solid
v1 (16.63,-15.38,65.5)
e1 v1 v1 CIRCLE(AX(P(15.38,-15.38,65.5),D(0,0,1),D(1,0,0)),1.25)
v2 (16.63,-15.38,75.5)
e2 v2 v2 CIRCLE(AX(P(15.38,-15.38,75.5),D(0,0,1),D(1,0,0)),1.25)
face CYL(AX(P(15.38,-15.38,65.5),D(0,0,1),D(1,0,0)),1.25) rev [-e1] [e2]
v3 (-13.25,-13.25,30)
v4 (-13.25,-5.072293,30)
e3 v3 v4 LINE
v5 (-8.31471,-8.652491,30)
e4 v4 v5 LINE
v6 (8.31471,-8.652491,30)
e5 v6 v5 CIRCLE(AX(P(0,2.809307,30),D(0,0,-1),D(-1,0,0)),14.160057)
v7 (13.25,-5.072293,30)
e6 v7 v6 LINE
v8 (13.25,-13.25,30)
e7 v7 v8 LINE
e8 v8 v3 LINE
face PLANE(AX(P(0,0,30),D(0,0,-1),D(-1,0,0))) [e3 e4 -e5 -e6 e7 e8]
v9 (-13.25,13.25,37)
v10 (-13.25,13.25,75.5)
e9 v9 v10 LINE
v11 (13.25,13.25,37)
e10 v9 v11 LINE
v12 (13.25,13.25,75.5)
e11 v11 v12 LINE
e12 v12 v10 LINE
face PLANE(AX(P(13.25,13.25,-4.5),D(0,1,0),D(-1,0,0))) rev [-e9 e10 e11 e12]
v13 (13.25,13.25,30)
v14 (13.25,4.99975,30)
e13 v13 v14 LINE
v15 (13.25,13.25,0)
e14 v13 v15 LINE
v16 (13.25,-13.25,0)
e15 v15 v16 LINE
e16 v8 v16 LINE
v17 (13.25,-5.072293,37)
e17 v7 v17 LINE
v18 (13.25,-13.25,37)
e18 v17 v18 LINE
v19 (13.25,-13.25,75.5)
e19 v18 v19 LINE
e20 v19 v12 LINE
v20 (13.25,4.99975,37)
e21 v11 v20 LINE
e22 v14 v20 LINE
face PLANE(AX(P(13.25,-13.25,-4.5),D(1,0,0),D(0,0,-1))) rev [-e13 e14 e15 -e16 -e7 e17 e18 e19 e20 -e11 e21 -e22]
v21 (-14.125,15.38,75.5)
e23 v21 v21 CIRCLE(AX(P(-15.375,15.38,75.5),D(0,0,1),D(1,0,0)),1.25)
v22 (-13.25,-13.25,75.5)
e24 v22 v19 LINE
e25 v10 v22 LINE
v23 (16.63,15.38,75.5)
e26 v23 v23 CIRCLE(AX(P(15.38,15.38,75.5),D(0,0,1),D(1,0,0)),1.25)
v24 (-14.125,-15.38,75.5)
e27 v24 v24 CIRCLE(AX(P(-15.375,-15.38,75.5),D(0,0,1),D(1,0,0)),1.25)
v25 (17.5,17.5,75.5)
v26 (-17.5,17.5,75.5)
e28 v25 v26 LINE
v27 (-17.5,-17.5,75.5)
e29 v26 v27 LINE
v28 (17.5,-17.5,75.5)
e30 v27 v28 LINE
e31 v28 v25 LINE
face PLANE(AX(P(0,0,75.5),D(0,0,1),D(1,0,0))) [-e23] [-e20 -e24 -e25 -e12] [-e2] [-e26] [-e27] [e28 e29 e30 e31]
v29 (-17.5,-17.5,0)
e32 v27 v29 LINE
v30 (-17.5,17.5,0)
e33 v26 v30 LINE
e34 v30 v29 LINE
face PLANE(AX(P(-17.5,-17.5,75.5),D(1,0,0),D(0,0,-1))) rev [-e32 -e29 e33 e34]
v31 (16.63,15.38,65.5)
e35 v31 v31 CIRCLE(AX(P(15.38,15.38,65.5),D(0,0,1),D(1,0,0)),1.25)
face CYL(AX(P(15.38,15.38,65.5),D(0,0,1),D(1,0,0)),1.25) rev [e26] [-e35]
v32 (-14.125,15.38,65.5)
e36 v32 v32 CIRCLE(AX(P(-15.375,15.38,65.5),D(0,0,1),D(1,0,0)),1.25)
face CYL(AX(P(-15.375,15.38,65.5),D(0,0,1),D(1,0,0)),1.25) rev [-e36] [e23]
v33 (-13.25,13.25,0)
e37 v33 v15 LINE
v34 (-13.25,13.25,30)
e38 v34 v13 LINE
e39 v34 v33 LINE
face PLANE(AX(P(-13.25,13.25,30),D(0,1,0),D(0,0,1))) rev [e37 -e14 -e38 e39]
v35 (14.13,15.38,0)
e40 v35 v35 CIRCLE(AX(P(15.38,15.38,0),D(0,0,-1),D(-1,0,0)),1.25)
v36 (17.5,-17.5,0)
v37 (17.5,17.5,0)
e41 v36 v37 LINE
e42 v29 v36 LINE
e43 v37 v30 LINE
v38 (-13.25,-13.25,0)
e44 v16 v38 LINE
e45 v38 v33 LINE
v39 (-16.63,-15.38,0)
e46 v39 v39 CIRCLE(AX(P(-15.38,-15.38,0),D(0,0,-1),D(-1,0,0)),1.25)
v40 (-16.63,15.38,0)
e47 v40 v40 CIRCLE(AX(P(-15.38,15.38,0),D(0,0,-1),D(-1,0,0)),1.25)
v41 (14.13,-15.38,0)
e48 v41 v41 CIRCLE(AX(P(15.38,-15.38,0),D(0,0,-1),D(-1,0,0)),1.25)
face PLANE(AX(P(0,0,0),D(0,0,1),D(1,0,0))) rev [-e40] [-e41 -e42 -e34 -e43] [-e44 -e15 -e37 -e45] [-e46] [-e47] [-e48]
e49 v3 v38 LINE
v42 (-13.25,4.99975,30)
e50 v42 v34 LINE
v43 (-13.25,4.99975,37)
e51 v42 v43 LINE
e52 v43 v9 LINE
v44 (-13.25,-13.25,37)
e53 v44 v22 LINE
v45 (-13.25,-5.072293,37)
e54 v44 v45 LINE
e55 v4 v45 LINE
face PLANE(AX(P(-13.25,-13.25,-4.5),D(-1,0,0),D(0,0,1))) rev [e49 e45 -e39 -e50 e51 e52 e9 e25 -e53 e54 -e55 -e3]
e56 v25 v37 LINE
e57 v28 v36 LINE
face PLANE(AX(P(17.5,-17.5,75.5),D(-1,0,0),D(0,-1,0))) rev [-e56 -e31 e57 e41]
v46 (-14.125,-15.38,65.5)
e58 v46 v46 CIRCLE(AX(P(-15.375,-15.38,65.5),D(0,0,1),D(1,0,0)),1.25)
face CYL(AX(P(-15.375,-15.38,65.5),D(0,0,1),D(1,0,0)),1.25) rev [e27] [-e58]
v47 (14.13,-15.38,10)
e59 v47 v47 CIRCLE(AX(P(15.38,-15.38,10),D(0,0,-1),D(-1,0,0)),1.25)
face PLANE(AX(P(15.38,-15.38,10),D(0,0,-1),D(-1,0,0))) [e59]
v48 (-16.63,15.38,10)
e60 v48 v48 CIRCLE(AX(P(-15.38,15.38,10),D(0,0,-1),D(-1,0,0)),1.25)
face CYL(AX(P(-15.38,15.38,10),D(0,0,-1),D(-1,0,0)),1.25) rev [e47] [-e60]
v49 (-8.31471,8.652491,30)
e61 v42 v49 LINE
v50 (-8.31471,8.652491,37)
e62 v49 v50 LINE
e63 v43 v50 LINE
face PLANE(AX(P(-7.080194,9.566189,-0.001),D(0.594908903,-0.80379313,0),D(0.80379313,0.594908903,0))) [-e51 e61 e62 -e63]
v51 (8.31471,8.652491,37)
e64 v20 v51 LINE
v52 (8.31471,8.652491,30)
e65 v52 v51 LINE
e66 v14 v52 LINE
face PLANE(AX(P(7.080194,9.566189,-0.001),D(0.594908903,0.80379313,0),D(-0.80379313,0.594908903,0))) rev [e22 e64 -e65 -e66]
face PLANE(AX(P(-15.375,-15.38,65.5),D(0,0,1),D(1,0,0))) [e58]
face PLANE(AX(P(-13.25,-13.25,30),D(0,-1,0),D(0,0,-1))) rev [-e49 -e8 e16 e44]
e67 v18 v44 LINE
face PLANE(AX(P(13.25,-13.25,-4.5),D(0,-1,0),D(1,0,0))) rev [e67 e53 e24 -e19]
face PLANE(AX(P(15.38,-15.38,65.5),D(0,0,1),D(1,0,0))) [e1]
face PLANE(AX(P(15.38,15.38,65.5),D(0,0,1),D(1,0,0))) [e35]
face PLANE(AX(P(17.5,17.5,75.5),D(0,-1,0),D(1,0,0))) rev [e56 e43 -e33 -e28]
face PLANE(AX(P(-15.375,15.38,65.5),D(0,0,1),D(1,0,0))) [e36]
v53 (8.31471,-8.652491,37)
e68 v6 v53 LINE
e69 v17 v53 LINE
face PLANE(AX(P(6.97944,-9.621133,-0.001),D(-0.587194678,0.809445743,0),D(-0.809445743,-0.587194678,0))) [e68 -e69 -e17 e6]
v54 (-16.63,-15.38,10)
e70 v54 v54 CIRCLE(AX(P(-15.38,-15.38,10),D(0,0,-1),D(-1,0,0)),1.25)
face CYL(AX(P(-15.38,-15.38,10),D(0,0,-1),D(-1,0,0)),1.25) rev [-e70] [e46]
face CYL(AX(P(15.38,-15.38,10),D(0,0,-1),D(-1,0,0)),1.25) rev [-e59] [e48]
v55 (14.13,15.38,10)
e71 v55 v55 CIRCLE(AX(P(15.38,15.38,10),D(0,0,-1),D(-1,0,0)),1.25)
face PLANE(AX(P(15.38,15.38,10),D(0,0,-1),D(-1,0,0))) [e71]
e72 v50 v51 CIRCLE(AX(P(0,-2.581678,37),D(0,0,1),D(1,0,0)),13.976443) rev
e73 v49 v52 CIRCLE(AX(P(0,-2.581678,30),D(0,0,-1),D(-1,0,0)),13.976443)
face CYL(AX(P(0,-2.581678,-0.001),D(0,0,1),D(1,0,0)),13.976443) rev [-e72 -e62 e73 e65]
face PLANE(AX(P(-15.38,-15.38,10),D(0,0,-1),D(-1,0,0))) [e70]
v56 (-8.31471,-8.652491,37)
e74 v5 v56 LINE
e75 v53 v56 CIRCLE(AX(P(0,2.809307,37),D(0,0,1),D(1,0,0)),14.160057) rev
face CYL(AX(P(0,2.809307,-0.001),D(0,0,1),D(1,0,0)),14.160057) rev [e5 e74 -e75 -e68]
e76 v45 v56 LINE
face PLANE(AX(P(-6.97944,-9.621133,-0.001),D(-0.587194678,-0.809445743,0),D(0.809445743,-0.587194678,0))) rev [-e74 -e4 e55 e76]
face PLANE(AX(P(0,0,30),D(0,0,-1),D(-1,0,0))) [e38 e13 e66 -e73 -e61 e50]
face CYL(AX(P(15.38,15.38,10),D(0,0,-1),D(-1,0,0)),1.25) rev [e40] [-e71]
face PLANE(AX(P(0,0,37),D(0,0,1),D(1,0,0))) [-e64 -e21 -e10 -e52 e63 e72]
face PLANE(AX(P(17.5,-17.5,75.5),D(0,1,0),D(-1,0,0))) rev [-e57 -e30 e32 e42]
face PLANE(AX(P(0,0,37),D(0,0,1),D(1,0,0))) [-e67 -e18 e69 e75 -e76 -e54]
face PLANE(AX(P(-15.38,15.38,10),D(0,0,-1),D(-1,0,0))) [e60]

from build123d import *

# Parameters (mm, degrees)
CROQUIS1_W              = 35
CROQUIS1_H              = 35
SALIENTE_EXTRUIR2_DEPTH = 75.5
CROQUIS2_W              = 26.5
CROQUIS2_H              = 26.5
CORTAR_EXTRUIR1_DEPTH   = 80
CROQUIS4_R              = 1.25
CORTAR_EXTRUIR2_DEPTH   = 10
CORTAR_EXTRUIR5_START   = -10
CROQUIS9_R              = 1.25
CORTAR_EXTRUIR5_DEPTH   = 10
CROQUIS11_W             = 26.5
CROQUIS11_H             = 26.5
SALIENTE_EXTRUIR3_DEPTH = 37
CROQUIS13_W             = 26.5
CROQUIS13_H             = 26.5
CORTAR_EXTRUIR6_DEPTH   = 30
CORTAR_EXTRUIR7_REACH   = 47.768


with BuildPart() as part:
    # Croquis1 → Saliente-Extruir2 (new body)
    with BuildSketch(Plane.XY):
        Rectangle(CROQUIS1_W, CROQUIS1_H)
    extrude(amount=SALIENTE_EXTRUIR2_DEPTH)

    # Croquis2 → Cortar-Extruir1 (cut)
    with BuildSketch(Plane.XY.offset(75.5)):
        Rectangle(CROQUIS2_W, CROQUIS2_H)
    extrude(amount=-CORTAR_EXTRUIR1_DEPTH, mode=Mode.SUBTRACT)

    # Croquis4 → Cortar-Extruir2 (cut)
    with BuildSketch(Plane.XY.offset(75.5)):
        with Locations((-15.375, 15.38)):
            Circle(CROQUIS4_R)
        with Locations((15.38, 15.38)):
            Circle(CROQUIS4_R)
        with Locations((15.38, -15.38)):
            Circle(CROQUIS4_R)
        with Locations((-15.375, -15.38)):
            Circle(CROQUIS4_R)
    extrude(amount=-CORTAR_EXTRUIR2_DEPTH, mode=Mode.SUBTRACT)

    # Croquis9 → Cortar-Extruir5 (cut)
    with BuildSketch(Plane(origin=(0, 0, 0), x_dir=(-1, 0, 0), z_dir=(0, 0, -1)).offset(CORTAR_EXTRUIR5_START)):
        with Locations(Location((-15.38, 15.38, 0), (0, 0, 180))):
            Circle(CROQUIS9_R)
        with Locations((15.38, 15.38)):
            Circle(CROQUIS9_R)
        with Locations((15.38, -15.38)):
            Circle(CROQUIS9_R)
        with Locations(Location((-15.38, -15.38, 0), (0, 0, 180))):
            Circle(CROQUIS9_R)
    extrude(amount=CORTAR_EXTRUIR5_DEPTH, mode=Mode.SUBTRACT)

    # Croquis11 → Saliente-Extruir3 (add)
    with BuildSketch(Plane(origin=(0, 0, 0), x_dir=(-1, 0, 0), z_dir=(0, 0, -1))):
        Rectangle(CROQUIS11_W, CROQUIS11_H)
    extrude(amount=-SALIENTE_EXTRUIR3_DEPTH)

    # Croquis13 → Cortar-Extruir6 (cut)
    with BuildSketch(Plane(origin=(0, 0, 0), x_dir=(-1, 0, 0), z_dir=(0, 0, -1))):
        Rectangle(CROQUIS13_W, CROQUIS13_H)
    extrude(amount=-CORTAR_EXTRUIR6_DEPTH, mode=Mode.SUBTRACT)

    # Croquis14 → Cortar-Extruir7 (cut, up to next)
    with BuildSketch(Plane.XY.offset(37), mode=Mode.PRIVATE) as cortar_extruir7_sk1:
        with BuildLine():
            Line((13.25, -5.072292803), (13.25, 0))
            Line((13.25, 0), (-13.25, 0))
            Line((-13.25, 0), (-13.25, -5.072292803))
            Line((-13.25, -5.072292803), (-8.314710179, -8.652490661))
            ThreePointArc((-8.314710179, -8.652490661), (0, -11.350749828), (8.314710179, -8.652490661))
            Line((8.314710179, -8.652490661), (13.25, -5.072292803))
        make_face()
    cortar_extruir7_tool1 = extrude(cortar_extruir7_sk1.sketch, amount=-CORTAR_EXTRUIR7_REACH, mode=Mode.PRIVATE) & part.part
    # Croquis14 → Cortar-Extruir7 (cut, up to next)
    with BuildSketch(Plane.XY.offset(37), mode=Mode.PRIVATE) as cortar_extruir7_sk2:
        with BuildLine():
            Line((-13.25, 0), (13.25, 0))
            Line((13.25, 0), (13.25, 4.999749994))
            Line((13.25, 4.999749994), (8.314710179, 8.652490661))
            ThreePointArc((8.314710179, 8.652490661), (0, 11.394764723), (-8.314710179, 8.652490661))
            Line((-8.314710179, 8.652490661), (-13.25, 4.999749994))
            Line((-13.25, 4.999749994), (-13.25, 0))
        make_face()
    cortar_extruir7_tool2 = extrude(cortar_extruir7_sk2.sketch, amount=-CORTAR_EXTRUIR7_REACH, mode=Mode.PRIVATE) & part.part
    add(cortar_extruir7_tool1.solids().sort_by_distance((0, -4.780438, 37))[0], mode=Mode.SUBTRACT)
    add(cortar_extruir7_tool2.solids().sort_by_distance((0, 4.791209, 37))[0], mode=Mode.SUBTRACT)


solid = part.part
